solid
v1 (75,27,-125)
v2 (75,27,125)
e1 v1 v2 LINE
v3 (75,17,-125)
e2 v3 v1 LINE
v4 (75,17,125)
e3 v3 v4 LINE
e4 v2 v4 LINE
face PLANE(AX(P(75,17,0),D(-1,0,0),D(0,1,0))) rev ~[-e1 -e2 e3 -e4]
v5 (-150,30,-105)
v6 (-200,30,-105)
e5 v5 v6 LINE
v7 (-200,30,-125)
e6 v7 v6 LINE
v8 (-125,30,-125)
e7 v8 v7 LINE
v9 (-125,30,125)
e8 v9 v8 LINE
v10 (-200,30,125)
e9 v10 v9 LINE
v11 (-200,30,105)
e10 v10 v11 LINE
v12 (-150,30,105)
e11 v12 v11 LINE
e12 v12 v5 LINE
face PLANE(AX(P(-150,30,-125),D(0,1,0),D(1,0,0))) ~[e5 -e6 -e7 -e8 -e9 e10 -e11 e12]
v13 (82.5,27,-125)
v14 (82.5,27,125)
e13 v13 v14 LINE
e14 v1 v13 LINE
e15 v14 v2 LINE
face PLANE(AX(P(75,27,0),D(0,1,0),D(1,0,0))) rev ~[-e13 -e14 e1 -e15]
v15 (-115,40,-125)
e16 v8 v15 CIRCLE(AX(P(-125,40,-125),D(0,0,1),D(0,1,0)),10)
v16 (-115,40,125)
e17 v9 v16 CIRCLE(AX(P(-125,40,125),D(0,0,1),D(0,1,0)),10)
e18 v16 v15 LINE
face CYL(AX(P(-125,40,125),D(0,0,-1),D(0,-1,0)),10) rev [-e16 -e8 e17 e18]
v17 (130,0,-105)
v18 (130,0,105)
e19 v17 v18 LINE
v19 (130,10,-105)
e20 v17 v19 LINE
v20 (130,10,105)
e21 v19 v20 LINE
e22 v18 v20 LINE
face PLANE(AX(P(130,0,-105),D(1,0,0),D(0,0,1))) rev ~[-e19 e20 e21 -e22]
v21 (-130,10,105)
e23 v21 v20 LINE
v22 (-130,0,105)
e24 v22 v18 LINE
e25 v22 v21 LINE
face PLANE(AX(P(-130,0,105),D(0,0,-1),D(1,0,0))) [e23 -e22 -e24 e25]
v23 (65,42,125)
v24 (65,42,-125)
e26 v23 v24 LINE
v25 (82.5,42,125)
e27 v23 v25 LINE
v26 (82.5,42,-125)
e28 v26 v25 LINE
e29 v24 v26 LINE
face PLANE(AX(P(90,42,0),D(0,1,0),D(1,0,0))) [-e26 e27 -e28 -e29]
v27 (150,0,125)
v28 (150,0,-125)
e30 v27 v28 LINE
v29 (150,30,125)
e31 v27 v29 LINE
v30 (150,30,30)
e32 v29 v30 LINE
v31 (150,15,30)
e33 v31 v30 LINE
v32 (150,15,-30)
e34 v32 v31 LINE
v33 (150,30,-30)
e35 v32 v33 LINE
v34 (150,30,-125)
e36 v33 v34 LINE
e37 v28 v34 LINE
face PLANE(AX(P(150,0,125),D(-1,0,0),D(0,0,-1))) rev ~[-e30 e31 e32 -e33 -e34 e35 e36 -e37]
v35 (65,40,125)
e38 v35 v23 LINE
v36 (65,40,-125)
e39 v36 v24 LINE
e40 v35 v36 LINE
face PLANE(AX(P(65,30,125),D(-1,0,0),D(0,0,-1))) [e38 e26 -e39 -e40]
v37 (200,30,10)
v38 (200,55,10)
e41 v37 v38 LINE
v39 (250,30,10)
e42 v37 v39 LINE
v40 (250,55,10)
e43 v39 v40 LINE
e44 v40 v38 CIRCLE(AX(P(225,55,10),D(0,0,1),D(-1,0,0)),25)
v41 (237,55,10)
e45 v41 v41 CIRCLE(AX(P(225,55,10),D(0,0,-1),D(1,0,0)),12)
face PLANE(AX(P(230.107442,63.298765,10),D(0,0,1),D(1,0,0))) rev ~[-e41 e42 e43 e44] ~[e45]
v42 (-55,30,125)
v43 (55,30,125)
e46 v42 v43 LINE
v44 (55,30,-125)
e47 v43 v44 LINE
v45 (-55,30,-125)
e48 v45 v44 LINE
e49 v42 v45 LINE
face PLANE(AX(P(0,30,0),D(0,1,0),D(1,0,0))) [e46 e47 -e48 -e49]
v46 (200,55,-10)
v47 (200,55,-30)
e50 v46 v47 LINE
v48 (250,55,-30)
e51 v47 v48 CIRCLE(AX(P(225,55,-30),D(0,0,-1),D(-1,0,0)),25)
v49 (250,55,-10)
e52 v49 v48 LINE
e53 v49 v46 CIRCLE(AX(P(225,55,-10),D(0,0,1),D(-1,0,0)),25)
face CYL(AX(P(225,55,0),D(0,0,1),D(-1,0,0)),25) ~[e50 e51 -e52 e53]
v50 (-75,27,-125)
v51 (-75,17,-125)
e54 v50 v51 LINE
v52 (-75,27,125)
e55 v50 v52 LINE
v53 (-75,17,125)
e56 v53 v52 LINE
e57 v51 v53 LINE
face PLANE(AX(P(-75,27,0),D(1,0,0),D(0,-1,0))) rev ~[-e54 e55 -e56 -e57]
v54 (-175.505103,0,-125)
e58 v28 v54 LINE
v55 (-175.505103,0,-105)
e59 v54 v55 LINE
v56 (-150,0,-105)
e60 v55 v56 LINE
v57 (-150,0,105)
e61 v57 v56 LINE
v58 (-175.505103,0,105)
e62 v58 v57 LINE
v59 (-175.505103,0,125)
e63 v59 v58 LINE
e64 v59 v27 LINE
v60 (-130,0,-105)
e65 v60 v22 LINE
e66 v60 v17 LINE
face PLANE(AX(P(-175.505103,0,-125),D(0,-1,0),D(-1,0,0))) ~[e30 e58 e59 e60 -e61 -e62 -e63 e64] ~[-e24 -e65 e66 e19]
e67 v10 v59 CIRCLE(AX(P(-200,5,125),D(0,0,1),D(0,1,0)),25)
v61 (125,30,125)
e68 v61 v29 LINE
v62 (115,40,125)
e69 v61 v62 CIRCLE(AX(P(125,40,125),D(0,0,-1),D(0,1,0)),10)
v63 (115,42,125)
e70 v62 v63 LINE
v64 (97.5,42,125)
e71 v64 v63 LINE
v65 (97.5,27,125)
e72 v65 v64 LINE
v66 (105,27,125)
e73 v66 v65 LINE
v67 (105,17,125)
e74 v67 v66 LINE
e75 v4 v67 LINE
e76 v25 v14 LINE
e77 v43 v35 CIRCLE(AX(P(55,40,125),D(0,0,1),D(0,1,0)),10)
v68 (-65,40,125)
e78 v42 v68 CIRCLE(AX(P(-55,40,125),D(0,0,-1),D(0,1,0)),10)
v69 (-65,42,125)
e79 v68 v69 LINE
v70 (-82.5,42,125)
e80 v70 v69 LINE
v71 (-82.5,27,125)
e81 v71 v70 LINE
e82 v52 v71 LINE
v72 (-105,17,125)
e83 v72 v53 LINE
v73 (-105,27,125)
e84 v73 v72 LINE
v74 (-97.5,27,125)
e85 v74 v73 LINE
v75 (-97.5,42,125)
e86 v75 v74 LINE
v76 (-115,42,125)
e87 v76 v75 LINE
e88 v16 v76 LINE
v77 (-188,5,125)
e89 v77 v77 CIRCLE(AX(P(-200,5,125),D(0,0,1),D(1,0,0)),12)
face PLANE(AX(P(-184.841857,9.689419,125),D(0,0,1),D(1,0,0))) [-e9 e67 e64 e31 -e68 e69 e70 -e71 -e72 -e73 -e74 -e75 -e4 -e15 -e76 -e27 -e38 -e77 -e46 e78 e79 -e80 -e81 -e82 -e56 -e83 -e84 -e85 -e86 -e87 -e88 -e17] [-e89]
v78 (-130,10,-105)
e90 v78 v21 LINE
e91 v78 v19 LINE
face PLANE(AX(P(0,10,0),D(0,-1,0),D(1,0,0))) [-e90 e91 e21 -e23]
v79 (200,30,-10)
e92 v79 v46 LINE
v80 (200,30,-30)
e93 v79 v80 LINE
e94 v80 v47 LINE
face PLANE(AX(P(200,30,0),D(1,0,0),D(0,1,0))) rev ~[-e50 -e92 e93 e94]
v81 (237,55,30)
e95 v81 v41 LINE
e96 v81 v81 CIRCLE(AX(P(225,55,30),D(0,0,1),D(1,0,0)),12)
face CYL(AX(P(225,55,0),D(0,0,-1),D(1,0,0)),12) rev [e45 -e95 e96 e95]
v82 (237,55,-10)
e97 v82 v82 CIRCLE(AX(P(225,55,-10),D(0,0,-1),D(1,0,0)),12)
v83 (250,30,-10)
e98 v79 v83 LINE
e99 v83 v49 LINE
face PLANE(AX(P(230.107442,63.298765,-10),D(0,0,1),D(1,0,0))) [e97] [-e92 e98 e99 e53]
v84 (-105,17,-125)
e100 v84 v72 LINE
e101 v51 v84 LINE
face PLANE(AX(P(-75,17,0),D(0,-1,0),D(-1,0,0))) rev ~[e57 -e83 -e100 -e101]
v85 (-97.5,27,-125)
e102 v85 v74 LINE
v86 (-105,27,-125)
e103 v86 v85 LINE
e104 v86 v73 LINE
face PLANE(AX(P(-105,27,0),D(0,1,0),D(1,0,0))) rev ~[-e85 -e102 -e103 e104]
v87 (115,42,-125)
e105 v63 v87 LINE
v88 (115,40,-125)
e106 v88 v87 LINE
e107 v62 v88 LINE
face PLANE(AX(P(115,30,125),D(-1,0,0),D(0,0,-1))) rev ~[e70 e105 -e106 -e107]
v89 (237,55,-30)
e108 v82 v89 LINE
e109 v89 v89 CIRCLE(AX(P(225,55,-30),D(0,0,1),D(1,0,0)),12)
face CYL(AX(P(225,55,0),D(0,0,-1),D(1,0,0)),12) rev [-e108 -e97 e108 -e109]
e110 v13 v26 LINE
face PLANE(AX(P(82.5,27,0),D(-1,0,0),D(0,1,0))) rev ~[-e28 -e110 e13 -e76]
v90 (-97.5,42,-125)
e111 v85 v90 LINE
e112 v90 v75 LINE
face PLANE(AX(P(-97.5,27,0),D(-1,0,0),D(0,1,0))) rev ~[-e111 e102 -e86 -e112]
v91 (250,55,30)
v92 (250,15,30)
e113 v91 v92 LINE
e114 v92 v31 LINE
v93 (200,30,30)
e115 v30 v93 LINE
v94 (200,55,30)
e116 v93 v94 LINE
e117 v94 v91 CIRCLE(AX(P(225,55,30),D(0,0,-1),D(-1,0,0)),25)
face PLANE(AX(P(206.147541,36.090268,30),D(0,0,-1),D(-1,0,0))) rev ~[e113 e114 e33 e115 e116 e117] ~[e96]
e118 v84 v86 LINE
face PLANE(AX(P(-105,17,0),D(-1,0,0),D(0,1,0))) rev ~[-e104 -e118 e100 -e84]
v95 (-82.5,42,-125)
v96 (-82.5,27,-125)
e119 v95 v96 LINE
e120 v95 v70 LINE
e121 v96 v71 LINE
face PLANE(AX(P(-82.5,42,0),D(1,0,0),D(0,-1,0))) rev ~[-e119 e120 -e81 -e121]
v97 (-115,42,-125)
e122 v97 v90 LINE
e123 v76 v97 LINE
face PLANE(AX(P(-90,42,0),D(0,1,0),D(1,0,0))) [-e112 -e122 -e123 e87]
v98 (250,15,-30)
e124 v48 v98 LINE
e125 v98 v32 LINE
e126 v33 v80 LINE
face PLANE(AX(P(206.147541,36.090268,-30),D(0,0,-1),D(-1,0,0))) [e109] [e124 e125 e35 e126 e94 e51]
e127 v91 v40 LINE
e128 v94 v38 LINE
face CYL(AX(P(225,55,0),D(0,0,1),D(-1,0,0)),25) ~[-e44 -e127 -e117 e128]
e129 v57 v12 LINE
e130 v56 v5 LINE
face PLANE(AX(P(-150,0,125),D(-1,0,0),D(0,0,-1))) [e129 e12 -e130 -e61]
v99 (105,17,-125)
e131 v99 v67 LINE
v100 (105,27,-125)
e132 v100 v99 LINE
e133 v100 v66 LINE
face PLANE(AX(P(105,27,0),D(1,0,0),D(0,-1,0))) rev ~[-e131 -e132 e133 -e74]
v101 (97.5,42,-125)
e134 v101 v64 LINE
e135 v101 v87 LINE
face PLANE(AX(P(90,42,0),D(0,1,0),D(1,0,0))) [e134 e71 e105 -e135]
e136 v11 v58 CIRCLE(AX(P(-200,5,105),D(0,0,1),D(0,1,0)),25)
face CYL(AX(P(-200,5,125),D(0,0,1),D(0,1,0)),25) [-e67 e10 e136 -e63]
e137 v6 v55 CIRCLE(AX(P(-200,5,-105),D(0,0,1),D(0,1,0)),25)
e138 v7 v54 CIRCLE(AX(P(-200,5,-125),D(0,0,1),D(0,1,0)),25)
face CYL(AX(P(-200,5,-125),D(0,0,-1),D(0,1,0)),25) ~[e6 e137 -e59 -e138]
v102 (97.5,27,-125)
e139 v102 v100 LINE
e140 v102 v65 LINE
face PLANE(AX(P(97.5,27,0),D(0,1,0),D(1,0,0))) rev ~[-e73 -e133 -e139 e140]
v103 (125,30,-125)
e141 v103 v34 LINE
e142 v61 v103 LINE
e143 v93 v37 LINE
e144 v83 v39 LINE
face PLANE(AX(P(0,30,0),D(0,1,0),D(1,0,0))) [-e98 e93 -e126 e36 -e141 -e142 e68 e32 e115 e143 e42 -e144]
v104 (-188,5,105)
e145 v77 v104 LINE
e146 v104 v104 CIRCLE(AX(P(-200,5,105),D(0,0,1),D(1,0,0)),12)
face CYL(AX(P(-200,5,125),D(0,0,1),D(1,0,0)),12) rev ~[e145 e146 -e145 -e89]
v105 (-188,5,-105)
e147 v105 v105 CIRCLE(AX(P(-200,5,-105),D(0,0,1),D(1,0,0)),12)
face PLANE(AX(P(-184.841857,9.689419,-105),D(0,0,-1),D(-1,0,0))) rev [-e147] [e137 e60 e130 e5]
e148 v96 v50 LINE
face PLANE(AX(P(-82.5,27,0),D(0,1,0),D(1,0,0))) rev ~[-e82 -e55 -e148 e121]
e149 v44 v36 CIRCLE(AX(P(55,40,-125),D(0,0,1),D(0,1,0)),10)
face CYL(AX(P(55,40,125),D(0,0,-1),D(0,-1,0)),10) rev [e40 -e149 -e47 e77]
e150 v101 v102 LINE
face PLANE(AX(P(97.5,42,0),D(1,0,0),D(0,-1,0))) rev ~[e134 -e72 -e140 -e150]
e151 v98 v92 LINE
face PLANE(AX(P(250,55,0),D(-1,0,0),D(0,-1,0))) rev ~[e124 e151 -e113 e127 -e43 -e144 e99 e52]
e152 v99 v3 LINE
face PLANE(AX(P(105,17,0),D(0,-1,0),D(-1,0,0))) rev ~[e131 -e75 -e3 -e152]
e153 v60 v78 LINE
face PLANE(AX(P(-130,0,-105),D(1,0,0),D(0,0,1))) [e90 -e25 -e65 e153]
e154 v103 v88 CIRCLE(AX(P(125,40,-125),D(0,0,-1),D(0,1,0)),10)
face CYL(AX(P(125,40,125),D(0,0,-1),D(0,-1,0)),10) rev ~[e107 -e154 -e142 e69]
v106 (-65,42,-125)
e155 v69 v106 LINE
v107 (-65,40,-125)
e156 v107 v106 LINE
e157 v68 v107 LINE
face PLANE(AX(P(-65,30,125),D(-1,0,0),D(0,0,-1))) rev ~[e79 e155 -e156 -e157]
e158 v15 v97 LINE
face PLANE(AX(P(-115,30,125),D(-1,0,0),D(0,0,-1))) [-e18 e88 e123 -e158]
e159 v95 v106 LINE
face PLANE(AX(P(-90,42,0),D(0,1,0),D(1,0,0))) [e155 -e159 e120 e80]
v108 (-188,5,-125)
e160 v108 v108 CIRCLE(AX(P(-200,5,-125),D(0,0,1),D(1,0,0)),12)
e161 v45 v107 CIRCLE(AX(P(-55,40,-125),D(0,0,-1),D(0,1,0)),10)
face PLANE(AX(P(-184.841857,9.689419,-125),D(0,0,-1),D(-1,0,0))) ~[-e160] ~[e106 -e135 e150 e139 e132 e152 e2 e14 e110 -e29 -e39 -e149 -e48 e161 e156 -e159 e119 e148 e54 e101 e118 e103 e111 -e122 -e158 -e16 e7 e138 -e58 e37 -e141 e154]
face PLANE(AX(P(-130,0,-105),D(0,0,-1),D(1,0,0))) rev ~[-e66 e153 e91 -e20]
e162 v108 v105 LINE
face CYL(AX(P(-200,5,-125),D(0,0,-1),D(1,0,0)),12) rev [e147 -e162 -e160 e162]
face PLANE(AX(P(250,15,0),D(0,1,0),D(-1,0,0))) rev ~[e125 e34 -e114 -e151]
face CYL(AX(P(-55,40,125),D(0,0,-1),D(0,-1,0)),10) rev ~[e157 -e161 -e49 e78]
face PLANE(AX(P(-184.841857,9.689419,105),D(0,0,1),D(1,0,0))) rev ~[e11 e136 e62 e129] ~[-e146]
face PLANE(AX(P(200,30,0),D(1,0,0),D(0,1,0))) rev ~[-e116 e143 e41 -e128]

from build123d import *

# Parameters (mm, degrees)
ESBO_O1_W                         = 300
ESBO_O1_H                         = 250
RESSALTO_EXTRUS_O1_DEPTH          = 30
ESBO_O3_W                         = 50
ESBO_O3_H                         = 250
RESSALTO_EXTRUS_O2_DEPTH          = 12
FILETE1_R                         = 10
CORTE_EXTRUS_O1_REACH             = 127
CORTE_EXTRUS_O1_DIRECTION_2_REACH = 127
ESBO_O5_R                         = 12
RESSALTO_EXTRUS_O3_DEPTH          = 30
ESBO_O6_W                         = 60.214883571
ESBO_O6_H                         = 66.59752961
CORTE_EXTRUS_O2_DEPTH             = 10
ESBO_O7_R                         = 12
RESSALTO_EXTRUS_O4_DEPTH          = 20
ESBO_O8_W                         = 260
ESBO_O8_H                         = 210
CORTE_EXTRUS_O3_DEPTH             = 10


with BuildPart() as part:
    # Esboço1 → Ressalto-extrusão1 (new body)
    with BuildSketch(Plane(origin=(0, 0, 0), x_dir=(1, 0, 0), z_dir=(0, 1, 0))):
        Rectangle(ESBO_O1_W, ESBO_O1_H)
    extrude(amount=RESSALTO_EXTRUS_O1_DEPTH)

    # Esboço3 → Ressalto-extrusão2 (add)
    with BuildSketch(Plane(origin=(0, 30, 0), x_dir=(1, 0, 0), z_dir=(0, 1, 0))):
        with Locations((90, 0)):
            Rectangle(ESBO_O3_W, ESBO_O3_H)
        with Locations((-90, 0)):
            Rectangle(ESBO_O3_W, ESBO_O3_H)
    extrude(amount=RESSALTO_EXTRUS_O2_DEPTH)

    # Filete1
    filete1_edges = [part.edges().sort_by_distance(p)[0] for p in [
        (-115, 30, 0),
        (-65, 30, 0),
        (65, 30, 0),
        (115, 30, 0),
    ]]
    fillet(filete1_edges, radius=FILETE1_R)

    # Esboço4 → Corte-extrusão1 (cut, up to next)
    with BuildSketch(Plane.XY, mode=Mode.PRIVATE) as corte_extrus_o1_sk1:
        Polygon((82.5, 42), (97.5, 42), (97.5, 27), (105, 27), (105, 17), (75, 17), (75, 27), (82.5, 27), align=None)
    corte_extrus_o1_tool1 = extrude(corte_extrus_o1_sk1.sketch, amount=-CORTE_EXTRUS_O1_REACH, mode=Mode.PRIVATE) & part.part
    add(corte_extrus_o1_tool1.solids().sort_by_distance((90, 27.357143, 0))[0], mode=Mode.SUBTRACT)
    # Esboço4 → Corte-extrusão1 (cut, up to next)
    with BuildSketch(Plane.XY, mode=Mode.PRIVATE) as corte_extrus_o1_sk2:
        Polygon((-82.5, 42), (-82.5, 27), (-75, 27), (-75, 17), (-105, 17), (-105, 27), (-97.5, 27), (-97.5, 42), align=None)
    corte_extrus_o1_tool2 = extrude(corte_extrus_o1_sk2.sketch, amount=-CORTE_EXTRUS_O1_REACH, mode=Mode.PRIVATE) & part.part
    add(corte_extrus_o1_tool2.solids().sort_by_distance((-90, 27.357143, 0))[0], mode=Mode.SUBTRACT)

    # Esboço4 → Corte-extrusão1 direction 2 (cut, up to next)
    with BuildSketch(Plane.XY, mode=Mode.PRIVATE) as corte_extrus_o1_direction_2_sk1:
        Polygon((82.5, 42), (97.5, 42), (97.5, 27), (105, 27), (105, 17), (75, 17), (75, 27), (82.5, 27), align=None)
    corte_extrus_o1_direction_2_tool1 = extrude(corte_extrus_o1_direction_2_sk1.sketch, amount=CORTE_EXTRUS_O1_DIRECTION_2_REACH, mode=Mode.PRIVATE) & part.part
    add(corte_extrus_o1_direction_2_tool1.solids().sort_by_distance((90, 27.357143, 0))[0], mode=Mode.SUBTRACT)
    # Esboço4 → Corte-extrusão1 direction 2 (cut, up to next)
    with BuildSketch(Plane.XY, mode=Mode.PRIVATE) as corte_extrus_o1_direction_2_sk2:
        Polygon((-82.5, 42), (-82.5, 27), (-75, 27), (-75, 17), (-105, 17), (-105, 27), (-97.5, 27), (-97.5, 42), align=None)
    corte_extrus_o1_direction_2_tool2 = extrude(corte_extrus_o1_direction_2_sk2.sketch, amount=CORTE_EXTRUS_O1_DIRECTION_2_REACH, mode=Mode.PRIVATE) & part.part
    add(corte_extrus_o1_direction_2_tool2.solids().sort_by_distance((-90, 27.357143, 0))[0], mode=Mode.SUBTRACT)

    # Esboço5 → Ressalto-extrusão3 (add, symmetric)
    with BuildSketch(Plane.XY):
        with BuildLine():
            Line((150, 30), (200, 30))
            Line((200, 30), (200, 55))
            ThreePointArc((200, 55), (225, 80), (250, 55))
            Line((250, 55), (250, 15))
            Line((250, 15), (150, 15))
            Line((150, 15), (150, 30))
        make_face()
        with Locations((225, 55)):
            Circle(ESBO_O5_R, mode=Mode.SUBTRACT)
    extrude(amount=RESSALTO_EXTRUS_O3_DEPTH, both=True)

    # Esboço6 → Corte-extrusão2 (cut, symmetric)
    with BuildSketch(Plane.XY):
        with Locations((230.107441786, 63.298764805)):
            Rectangle(ESBO_O6_W, ESBO_O6_H)
    extrude(amount=CORTE_EXTRUS_O2_DEPTH, both=True, mode=Mode.SUBTRACT)

    # Esboço7 → Ressalto-extrusão4 (add)
    with BuildSketch(Plane.XY.offset(125)):
        with BuildLine():
            Line((-150, 30), (-200, 30))
            ThreePointArc((-200, 30), (-219.364916731, -10.811388301), (-175.505102572, 0))
            Line((-175.505102572, 0), (-150, 0))
            Line((-150, 0), (-150, 30))
        make_face()
        with Locations((-200, 5)):
            Circle(ESBO_O7_R, mode=Mode.SUBTRACT)
    ressalto_extrus_o4 = extrude(amount=-RESSALTO_EXTRUS_O4_DEPTH)

    # Espelhar1: Ressalto-extrusão4 across plane
    add(ressalto_extrus_o4.mirror(Plane.XY))

    # Esboço8 → Corte-extrusão3 (cut)
    with BuildSketch(Plane.XZ):
        Rectangle(ESBO_O8_W, ESBO_O8_H)
    extrude(amount=-CORTE_EXTRUS_O3_DEPTH, mode=Mode.SUBTRACT)


solid = part.part
